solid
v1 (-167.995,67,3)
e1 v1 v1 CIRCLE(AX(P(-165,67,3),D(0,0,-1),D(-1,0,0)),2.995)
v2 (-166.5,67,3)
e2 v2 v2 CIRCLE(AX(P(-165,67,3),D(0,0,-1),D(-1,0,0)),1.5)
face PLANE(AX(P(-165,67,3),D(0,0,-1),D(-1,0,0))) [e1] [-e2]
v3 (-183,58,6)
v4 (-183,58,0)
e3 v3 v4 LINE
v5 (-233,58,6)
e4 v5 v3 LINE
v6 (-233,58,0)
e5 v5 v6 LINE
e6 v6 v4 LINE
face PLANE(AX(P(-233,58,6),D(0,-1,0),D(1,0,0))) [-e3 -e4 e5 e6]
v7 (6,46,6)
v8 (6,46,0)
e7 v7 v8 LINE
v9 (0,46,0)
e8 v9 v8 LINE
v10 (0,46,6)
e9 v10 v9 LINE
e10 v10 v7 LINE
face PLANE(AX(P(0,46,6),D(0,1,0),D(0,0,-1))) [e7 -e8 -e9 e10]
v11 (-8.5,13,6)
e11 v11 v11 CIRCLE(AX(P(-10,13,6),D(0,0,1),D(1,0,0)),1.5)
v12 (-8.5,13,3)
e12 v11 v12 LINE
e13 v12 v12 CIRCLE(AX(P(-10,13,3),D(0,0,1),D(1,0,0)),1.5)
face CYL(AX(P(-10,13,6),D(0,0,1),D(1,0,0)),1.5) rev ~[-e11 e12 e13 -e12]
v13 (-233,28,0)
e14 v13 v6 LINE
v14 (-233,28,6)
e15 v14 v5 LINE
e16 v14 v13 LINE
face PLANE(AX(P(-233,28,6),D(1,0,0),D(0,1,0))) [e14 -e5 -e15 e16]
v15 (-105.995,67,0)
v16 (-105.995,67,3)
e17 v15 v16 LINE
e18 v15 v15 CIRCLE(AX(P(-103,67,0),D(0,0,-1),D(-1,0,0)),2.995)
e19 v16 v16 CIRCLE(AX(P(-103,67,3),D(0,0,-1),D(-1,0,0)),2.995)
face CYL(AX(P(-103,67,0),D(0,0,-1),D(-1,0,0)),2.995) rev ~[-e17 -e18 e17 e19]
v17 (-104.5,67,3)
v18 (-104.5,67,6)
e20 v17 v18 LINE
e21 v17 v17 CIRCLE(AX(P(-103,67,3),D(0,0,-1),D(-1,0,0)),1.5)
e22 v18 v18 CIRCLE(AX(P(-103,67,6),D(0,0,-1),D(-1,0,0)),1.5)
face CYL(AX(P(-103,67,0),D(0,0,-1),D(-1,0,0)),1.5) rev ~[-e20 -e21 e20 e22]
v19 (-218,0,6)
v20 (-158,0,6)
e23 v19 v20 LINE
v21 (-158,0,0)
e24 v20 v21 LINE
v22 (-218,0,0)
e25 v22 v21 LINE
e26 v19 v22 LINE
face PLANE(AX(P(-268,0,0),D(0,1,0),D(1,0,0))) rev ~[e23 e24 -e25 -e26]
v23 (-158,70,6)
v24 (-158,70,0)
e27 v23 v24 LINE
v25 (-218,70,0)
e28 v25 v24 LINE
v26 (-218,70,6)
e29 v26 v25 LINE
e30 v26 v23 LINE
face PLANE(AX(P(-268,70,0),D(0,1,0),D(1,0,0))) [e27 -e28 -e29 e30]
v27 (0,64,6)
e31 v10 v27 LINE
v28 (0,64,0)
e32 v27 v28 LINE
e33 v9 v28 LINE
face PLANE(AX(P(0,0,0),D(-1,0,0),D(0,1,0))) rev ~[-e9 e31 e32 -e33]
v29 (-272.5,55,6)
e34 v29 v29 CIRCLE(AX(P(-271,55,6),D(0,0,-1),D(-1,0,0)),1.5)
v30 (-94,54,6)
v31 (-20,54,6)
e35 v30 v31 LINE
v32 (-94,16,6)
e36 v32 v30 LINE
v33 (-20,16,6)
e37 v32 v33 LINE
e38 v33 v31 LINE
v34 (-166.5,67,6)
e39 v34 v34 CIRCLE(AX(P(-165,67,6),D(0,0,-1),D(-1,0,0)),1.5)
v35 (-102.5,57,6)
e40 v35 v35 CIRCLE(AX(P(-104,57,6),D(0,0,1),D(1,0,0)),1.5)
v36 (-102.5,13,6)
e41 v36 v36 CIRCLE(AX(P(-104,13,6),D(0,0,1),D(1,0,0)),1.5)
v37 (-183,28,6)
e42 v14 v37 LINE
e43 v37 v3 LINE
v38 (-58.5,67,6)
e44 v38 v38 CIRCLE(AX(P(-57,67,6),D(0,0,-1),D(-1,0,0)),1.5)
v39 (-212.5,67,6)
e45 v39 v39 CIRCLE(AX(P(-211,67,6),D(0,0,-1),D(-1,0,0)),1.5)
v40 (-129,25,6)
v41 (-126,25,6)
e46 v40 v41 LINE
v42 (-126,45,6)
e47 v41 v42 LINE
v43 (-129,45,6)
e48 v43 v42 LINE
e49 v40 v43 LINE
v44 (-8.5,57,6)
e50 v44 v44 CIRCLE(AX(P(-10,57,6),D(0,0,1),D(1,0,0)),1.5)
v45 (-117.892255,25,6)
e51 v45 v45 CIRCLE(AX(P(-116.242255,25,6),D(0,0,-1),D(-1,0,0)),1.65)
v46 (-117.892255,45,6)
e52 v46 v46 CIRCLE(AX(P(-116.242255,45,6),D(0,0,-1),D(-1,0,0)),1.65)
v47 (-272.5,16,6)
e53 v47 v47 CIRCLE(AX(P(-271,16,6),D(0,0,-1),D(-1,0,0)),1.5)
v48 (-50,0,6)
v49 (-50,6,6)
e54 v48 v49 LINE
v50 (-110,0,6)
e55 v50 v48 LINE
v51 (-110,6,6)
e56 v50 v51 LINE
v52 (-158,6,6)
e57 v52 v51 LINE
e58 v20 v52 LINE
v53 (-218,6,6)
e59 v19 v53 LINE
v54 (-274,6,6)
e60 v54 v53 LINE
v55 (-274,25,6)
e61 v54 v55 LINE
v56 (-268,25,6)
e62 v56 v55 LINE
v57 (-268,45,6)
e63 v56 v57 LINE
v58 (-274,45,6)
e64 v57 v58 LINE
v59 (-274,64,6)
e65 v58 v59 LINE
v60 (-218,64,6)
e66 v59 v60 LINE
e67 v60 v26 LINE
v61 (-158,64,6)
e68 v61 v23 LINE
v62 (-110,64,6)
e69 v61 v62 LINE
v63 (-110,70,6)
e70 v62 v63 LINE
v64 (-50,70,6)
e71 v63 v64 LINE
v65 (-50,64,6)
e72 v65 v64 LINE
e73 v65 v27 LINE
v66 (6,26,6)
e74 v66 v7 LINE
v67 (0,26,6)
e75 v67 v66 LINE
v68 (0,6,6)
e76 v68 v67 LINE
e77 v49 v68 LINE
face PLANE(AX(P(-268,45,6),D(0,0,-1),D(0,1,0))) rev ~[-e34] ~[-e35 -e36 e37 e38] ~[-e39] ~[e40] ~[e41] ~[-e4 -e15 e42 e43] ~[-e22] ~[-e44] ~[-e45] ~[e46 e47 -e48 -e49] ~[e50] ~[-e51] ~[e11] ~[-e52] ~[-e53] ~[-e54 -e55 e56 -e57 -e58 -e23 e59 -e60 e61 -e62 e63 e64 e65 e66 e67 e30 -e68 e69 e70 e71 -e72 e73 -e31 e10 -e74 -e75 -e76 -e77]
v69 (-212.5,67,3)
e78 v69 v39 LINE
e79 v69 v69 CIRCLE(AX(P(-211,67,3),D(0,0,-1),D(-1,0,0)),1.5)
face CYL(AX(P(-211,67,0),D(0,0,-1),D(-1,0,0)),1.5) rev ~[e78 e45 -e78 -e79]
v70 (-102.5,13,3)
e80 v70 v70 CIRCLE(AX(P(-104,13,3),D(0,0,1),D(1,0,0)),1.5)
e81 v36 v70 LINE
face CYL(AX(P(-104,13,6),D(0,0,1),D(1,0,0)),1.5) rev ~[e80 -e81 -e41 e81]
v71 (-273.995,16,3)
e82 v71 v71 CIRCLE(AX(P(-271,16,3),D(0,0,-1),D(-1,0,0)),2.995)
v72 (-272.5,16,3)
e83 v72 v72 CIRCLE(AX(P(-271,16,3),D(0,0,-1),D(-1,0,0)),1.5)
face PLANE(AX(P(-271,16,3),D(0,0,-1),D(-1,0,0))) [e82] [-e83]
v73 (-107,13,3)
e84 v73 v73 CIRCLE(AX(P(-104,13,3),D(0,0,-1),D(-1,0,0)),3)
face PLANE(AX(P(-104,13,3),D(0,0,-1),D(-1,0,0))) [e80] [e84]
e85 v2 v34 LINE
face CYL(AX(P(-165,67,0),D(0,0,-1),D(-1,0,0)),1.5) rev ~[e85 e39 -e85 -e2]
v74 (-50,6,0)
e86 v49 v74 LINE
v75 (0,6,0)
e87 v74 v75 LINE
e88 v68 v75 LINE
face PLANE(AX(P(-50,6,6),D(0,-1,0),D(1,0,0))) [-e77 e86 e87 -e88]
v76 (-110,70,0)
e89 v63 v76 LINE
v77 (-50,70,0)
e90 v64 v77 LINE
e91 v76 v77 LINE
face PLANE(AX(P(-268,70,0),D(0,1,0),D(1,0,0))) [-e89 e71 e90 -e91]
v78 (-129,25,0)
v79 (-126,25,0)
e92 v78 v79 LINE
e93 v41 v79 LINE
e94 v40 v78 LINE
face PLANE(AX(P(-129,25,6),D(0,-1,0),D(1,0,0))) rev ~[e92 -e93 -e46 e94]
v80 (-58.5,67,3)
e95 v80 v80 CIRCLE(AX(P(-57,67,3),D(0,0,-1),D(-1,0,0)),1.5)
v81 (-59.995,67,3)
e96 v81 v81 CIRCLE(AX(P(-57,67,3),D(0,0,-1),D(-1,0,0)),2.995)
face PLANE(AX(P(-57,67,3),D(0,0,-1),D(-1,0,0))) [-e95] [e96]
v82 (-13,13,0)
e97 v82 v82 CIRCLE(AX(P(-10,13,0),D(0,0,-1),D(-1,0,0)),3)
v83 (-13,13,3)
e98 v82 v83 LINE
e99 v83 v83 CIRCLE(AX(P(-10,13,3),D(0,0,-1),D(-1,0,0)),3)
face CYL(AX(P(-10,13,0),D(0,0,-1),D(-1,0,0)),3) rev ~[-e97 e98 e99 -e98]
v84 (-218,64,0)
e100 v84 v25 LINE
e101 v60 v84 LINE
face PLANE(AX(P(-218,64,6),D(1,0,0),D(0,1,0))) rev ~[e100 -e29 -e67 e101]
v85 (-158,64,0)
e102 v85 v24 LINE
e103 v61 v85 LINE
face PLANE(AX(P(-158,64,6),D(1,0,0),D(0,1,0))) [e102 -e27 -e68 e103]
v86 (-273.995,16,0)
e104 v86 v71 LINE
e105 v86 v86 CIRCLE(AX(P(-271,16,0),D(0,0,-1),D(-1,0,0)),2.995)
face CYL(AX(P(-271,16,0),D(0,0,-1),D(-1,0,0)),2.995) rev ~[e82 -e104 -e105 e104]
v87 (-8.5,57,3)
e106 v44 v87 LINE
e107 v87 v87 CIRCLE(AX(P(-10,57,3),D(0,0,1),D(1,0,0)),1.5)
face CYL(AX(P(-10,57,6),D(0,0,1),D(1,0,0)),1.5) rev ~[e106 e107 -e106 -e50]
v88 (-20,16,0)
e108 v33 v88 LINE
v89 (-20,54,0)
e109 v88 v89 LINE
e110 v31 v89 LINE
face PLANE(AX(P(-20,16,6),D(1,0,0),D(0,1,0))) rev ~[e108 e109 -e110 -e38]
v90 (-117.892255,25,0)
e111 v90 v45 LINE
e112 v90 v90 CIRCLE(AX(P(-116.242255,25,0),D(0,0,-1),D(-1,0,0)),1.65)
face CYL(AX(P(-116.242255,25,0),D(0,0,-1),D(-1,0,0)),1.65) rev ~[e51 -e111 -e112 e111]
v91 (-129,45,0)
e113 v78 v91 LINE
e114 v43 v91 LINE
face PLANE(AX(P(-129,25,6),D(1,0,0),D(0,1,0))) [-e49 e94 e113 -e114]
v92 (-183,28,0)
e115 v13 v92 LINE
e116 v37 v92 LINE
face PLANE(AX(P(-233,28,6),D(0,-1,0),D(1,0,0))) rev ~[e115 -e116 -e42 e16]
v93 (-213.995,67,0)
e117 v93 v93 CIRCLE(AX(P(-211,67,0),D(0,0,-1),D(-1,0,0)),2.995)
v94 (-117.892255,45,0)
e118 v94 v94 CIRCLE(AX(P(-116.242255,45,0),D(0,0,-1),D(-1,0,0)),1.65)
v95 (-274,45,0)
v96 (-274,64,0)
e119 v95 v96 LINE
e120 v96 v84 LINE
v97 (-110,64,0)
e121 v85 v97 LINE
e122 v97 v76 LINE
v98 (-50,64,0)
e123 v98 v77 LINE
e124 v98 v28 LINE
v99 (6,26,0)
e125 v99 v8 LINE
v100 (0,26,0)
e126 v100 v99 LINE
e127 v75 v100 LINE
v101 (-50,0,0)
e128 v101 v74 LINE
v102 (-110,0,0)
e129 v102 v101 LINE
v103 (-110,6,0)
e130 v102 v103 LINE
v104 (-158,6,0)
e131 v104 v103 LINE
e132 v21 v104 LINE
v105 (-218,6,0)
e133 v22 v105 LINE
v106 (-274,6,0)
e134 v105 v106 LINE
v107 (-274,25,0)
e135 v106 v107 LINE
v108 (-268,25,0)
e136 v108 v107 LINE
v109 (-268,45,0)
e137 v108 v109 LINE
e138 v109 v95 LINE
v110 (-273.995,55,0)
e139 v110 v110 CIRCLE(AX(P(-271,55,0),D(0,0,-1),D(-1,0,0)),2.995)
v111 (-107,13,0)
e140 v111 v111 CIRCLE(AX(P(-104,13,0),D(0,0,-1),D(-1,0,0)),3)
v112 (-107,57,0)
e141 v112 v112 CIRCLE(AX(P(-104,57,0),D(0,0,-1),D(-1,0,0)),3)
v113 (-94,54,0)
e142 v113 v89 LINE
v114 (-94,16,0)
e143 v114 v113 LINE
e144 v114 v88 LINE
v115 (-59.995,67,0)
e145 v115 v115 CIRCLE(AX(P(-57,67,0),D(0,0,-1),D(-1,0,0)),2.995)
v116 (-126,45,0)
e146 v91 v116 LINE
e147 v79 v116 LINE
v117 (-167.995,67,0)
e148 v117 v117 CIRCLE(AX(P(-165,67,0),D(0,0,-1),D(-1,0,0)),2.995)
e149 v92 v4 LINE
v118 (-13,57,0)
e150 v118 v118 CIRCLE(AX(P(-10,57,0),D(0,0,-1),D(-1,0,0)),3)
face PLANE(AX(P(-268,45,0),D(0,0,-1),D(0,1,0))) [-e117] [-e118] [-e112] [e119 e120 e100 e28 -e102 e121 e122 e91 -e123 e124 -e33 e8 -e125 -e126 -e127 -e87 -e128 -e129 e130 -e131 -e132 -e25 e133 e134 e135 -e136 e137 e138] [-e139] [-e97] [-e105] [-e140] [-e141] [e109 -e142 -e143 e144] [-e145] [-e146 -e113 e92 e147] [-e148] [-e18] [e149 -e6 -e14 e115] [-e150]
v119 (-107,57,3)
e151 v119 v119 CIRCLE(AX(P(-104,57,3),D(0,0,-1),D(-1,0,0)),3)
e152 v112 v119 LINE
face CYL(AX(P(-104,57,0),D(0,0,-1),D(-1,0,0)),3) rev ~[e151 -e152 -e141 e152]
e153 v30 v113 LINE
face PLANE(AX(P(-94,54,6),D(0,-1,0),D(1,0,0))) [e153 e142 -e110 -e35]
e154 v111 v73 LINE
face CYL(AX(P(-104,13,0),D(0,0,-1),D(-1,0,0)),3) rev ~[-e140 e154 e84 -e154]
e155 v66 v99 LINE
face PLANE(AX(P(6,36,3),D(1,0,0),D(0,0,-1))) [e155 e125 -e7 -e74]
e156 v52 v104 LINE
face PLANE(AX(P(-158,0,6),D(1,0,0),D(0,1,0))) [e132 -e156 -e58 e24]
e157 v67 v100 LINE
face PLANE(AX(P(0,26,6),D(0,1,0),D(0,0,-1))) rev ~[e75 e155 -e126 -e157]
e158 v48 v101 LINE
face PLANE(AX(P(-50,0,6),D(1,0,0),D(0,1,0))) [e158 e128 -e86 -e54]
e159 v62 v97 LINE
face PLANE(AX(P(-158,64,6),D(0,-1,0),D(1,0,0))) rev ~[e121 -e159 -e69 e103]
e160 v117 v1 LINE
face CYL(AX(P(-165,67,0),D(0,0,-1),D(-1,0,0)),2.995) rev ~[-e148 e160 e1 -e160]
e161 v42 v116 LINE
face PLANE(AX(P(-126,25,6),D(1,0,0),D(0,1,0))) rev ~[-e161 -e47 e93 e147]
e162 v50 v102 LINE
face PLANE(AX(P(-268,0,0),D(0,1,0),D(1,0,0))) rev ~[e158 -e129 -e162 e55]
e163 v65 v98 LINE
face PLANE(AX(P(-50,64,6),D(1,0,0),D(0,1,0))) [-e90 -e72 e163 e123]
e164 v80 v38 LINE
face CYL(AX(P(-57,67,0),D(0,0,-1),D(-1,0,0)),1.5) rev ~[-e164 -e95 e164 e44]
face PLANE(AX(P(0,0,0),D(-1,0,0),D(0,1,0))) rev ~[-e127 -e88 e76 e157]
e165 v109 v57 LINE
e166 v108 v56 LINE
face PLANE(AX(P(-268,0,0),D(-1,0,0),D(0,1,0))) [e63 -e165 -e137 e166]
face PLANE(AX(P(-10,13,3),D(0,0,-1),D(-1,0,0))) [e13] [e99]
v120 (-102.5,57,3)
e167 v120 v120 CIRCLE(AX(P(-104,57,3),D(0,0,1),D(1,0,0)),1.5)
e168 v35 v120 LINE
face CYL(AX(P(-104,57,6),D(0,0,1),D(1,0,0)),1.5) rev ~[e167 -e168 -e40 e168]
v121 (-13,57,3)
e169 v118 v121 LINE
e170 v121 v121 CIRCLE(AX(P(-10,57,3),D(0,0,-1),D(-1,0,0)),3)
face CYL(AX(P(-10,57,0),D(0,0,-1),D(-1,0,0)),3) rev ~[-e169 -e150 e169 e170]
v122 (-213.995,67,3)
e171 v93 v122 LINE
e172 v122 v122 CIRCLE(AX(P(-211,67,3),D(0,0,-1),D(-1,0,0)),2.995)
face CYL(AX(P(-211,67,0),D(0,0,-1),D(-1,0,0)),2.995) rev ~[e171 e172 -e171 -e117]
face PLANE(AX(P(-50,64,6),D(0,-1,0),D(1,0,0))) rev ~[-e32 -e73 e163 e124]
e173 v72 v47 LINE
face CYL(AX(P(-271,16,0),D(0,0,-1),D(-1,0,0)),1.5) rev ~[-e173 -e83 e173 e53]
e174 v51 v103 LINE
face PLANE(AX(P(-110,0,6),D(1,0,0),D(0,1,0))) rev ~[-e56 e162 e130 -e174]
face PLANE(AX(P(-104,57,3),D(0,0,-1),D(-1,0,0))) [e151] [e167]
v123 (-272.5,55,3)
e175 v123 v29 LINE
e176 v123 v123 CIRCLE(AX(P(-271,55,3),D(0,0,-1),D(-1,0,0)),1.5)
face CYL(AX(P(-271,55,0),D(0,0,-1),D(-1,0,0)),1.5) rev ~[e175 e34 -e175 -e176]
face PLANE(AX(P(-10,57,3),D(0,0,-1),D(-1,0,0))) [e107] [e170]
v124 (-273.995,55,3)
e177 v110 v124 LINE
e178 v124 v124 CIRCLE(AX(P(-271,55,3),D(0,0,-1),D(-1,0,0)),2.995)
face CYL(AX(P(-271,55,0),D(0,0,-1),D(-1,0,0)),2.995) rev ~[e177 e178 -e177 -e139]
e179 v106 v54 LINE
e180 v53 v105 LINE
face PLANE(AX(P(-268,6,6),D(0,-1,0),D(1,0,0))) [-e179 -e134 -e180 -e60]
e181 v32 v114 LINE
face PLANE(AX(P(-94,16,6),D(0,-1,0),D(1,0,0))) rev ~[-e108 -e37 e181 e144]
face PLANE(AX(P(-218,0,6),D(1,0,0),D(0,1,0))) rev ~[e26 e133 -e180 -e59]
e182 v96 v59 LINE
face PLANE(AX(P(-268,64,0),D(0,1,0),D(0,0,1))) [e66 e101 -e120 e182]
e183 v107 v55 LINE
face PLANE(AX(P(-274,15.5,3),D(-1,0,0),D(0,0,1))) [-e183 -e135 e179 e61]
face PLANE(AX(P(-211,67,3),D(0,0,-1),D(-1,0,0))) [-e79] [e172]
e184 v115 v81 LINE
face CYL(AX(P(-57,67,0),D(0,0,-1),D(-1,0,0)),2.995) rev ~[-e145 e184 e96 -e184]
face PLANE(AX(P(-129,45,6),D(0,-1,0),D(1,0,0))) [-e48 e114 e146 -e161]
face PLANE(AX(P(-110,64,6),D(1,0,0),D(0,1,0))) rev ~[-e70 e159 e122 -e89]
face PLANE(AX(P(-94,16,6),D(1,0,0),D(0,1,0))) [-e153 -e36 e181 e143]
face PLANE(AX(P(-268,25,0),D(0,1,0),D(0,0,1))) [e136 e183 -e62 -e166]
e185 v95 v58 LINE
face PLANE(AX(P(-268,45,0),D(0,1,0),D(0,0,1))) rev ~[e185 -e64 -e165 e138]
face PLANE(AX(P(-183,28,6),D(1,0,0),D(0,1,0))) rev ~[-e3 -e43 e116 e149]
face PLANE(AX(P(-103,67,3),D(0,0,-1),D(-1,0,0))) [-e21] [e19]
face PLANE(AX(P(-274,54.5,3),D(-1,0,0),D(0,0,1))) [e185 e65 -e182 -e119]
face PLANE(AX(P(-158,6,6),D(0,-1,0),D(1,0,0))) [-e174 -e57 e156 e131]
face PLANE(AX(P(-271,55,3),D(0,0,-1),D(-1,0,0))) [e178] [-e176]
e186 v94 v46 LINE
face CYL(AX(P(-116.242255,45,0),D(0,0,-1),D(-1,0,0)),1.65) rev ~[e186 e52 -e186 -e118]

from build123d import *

# Parameters (mm, degrees)
ESQUISSE1_W             = 268
ESQUISSE1_H             = 70
BOSS_EXTRU_1_DEPTH      = 6
ESQUISSE2_W             = 50
ESQUISSE2_H             = 6
ESQUISSE2_W_2           = 48
ENL_V_MAT_EXTRU_1_DEPTH = 278.055951028
ESQUISSE3_W             = 6
ESQUISSE3_H             = 20
BOSS_EXTRU_2_DEPTH      = 6
ESQUISSE4_R             = 1.5
ESQUISSE4_W             = 74
ESQUISSE4_H             = 38
ESQUISSE4_W_2           = 3
ESQUISSE4_H_2           = 20
ESQUISSE4_W_3           = 50
ESQUISSE4_H_3           = 30
ENL_V_MAT_EXTRU_2_DEPTH = 10
ESQUISSE5_W             = 6
ESQUISSE5_H             = 19
BOSS_EXTRU_3_DEPTH      = 6
ESQUISSE6_R             = 1.5
ENL_V_MAT_EXTRU_3_DEPTH = 283.863924883
ESQUISSE7_R             = 2.995
ESQUISSE7_R_2           = 3
ENL_V_MAT_EXTRU_4_DEPTH = 3
ESQUISSE8_R             = 1.65
ENL_V_MAT_EXTRU_5_DEPTH = 283.863924883


with BuildPart() as part:
    # Esquisse1 → Boss.-Extru.1 (new body)
    with BuildSketch(Plane.XY):
        with Locations((-134, 35)):
            Rectangle(ESQUISSE1_W, ESQUISSE1_H)
    extrude(amount=BOSS_EXTRU_1_DEPTH)

    # Esquisse2 → Enlèv. mat.-Extru.1 (cut, through all)
    with BuildSketch(Plane.XY.offset(6)):
        with Locations((-243, 3)):
            Rectangle(ESQUISSE2_W, ESQUISSE2_H)
        with Locations((-25, 3)):
            Rectangle(ESQUISSE2_W, ESQUISSE2_H)
        with Locations((-134, 3)):
            Rectangle(ESQUISSE2_W_2, ESQUISSE2_H)
        with Locations((-243, 67)):
            Rectangle(ESQUISSE2_W, ESQUISSE2_H)
        with Locations((-134, 67)):
            Rectangle(ESQUISSE2_W_2, ESQUISSE2_H)
        with Locations((-25, 67)):
            Rectangle(ESQUISSE2_W, ESQUISSE2_H)
    extrude(amount=-ENL_V_MAT_EXTRU_1_DEPTH, mode=Mode.SUBTRACT)

    # Esquisse3 → Boss.-Extru.2 (add)
    with BuildSketch(Plane(origin=(0, 0, 0), x_dir=(0, 0, -1), z_dir=(1, 0, 0))):
        with Locations((-3, 36)):
            Rectangle(ESQUISSE3_W, ESQUISSE3_H)
    extrude(amount=BOSS_EXTRU_2_DEPTH)

    # Esquisse4 → Enlèv. mat.-Extru.2 (cut)
    with BuildSketch(Plane.XY.offset(6)):
        with Locations((-104, 57)):
            Circle(ESQUISSE4_R)
        with Locations((-104, 13)):
            Circle(ESQUISSE4_R)
        with Locations((-10, 57)):
            Circle(ESQUISSE4_R)
        with Locations((-10, 13)):
            Circle(ESQUISSE4_R)
        with Locations((-57, 35)):
            Rectangle(ESQUISSE4_W, ESQUISSE4_H)
        with Locations((-127.5, 35)):
            Rectangle(ESQUISSE4_W_2, ESQUISSE4_H_2)
        with Locations((-208, 43)):
            Rectangle(ESQUISSE4_W_3, ESQUISSE4_H_3)
    extrude(amount=-ENL_V_MAT_EXTRU_2_DEPTH, mode=Mode.SUBTRACT)

    # Esquisse5 → Boss.-Extru.3 (add)
    with BuildSketch(Plane.ZY.offset(268)):
        with Locations((3, 54.5)):
            Rectangle(ESQUISSE5_W, ESQUISSE5_H)
        with Locations((3, 15.5)):
            Rectangle(ESQUISSE5_W, ESQUISSE5_H)
    extrude(amount=BOSS_EXTRU_3_DEPTH)

    # Esquisse6 → Enlèv. mat.-Extru.3 (cut, through all)
    with BuildSketch(Plane(origin=(0, 0, 0), x_dir=(-1, 0, 0), z_dir=(0, 0, -1))):
        with Locations((271, 16)):
            Circle(ESQUISSE6_R)
        with Locations((271, 55)):
            Circle(ESQUISSE6_R)
        with Locations((211, 67)):
            Circle(ESQUISSE6_R)
        with Locations((165, 67)):
            Circle(ESQUISSE6_R)
        with Locations((103, 67)):
            Circle(ESQUISSE6_R)
        with Locations((57, 67)):
            Circle(ESQUISSE6_R)
    extrude(amount=-ENL_V_MAT_EXTRU_3_DEPTH, mode=Mode.SUBTRACT)

    # Esquisse7 → Enlèv. mat.-Extru.4 (cut)
    with BuildSketch(Plane(origin=(0, 0, 0), x_dir=(-1, 0, 0), z_dir=(0, 0, -1))):
        with Locations((271, 16)):
            Circle(ESQUISSE7_R)
        with Locations((271, 55)):
            Circle(ESQUISSE7_R)
        with Locations((211, 67)):
            Circle(ESQUISSE7_R)
        with Locations((165, 67)):
            Circle(ESQUISSE7_R)
        with Locations((103, 67)):
            Circle(ESQUISSE7_R)
        with Locations((57, 67)):
            Circle(ESQUISSE7_R)
        with Locations((104, 57)):
            Circle(ESQUISSE7_R_2)
        with Locations((104, 13)):
            Circle(ESQUISSE7_R_2)
        with Locations((10, 13)):
            Circle(ESQUISSE7_R_2)
        with Locations((10, 57)):
            Circle(ESQUISSE7_R_2)
    extrude(amount=-ENL_V_MAT_EXTRU_4_DEPTH, mode=Mode.SUBTRACT)

    # Esquisse8 → Enlèv. mat.-Extru.5 (cut, through all)
    with BuildSketch(Plane(origin=(0, 0, 0), x_dir=(-1, 0, 0), z_dir=(0, 0, -1))):
        with Locations((116.242255389, 25)):
            Circle(ESQUISSE8_R)
        with Locations((116.242255389, 45)):
            Circle(ESQUISSE8_R)
    extrude(amount=-ENL_V_MAT_EXTRU_5_DEPTH, mode=Mode.SUBTRACT)


solid = part.part
